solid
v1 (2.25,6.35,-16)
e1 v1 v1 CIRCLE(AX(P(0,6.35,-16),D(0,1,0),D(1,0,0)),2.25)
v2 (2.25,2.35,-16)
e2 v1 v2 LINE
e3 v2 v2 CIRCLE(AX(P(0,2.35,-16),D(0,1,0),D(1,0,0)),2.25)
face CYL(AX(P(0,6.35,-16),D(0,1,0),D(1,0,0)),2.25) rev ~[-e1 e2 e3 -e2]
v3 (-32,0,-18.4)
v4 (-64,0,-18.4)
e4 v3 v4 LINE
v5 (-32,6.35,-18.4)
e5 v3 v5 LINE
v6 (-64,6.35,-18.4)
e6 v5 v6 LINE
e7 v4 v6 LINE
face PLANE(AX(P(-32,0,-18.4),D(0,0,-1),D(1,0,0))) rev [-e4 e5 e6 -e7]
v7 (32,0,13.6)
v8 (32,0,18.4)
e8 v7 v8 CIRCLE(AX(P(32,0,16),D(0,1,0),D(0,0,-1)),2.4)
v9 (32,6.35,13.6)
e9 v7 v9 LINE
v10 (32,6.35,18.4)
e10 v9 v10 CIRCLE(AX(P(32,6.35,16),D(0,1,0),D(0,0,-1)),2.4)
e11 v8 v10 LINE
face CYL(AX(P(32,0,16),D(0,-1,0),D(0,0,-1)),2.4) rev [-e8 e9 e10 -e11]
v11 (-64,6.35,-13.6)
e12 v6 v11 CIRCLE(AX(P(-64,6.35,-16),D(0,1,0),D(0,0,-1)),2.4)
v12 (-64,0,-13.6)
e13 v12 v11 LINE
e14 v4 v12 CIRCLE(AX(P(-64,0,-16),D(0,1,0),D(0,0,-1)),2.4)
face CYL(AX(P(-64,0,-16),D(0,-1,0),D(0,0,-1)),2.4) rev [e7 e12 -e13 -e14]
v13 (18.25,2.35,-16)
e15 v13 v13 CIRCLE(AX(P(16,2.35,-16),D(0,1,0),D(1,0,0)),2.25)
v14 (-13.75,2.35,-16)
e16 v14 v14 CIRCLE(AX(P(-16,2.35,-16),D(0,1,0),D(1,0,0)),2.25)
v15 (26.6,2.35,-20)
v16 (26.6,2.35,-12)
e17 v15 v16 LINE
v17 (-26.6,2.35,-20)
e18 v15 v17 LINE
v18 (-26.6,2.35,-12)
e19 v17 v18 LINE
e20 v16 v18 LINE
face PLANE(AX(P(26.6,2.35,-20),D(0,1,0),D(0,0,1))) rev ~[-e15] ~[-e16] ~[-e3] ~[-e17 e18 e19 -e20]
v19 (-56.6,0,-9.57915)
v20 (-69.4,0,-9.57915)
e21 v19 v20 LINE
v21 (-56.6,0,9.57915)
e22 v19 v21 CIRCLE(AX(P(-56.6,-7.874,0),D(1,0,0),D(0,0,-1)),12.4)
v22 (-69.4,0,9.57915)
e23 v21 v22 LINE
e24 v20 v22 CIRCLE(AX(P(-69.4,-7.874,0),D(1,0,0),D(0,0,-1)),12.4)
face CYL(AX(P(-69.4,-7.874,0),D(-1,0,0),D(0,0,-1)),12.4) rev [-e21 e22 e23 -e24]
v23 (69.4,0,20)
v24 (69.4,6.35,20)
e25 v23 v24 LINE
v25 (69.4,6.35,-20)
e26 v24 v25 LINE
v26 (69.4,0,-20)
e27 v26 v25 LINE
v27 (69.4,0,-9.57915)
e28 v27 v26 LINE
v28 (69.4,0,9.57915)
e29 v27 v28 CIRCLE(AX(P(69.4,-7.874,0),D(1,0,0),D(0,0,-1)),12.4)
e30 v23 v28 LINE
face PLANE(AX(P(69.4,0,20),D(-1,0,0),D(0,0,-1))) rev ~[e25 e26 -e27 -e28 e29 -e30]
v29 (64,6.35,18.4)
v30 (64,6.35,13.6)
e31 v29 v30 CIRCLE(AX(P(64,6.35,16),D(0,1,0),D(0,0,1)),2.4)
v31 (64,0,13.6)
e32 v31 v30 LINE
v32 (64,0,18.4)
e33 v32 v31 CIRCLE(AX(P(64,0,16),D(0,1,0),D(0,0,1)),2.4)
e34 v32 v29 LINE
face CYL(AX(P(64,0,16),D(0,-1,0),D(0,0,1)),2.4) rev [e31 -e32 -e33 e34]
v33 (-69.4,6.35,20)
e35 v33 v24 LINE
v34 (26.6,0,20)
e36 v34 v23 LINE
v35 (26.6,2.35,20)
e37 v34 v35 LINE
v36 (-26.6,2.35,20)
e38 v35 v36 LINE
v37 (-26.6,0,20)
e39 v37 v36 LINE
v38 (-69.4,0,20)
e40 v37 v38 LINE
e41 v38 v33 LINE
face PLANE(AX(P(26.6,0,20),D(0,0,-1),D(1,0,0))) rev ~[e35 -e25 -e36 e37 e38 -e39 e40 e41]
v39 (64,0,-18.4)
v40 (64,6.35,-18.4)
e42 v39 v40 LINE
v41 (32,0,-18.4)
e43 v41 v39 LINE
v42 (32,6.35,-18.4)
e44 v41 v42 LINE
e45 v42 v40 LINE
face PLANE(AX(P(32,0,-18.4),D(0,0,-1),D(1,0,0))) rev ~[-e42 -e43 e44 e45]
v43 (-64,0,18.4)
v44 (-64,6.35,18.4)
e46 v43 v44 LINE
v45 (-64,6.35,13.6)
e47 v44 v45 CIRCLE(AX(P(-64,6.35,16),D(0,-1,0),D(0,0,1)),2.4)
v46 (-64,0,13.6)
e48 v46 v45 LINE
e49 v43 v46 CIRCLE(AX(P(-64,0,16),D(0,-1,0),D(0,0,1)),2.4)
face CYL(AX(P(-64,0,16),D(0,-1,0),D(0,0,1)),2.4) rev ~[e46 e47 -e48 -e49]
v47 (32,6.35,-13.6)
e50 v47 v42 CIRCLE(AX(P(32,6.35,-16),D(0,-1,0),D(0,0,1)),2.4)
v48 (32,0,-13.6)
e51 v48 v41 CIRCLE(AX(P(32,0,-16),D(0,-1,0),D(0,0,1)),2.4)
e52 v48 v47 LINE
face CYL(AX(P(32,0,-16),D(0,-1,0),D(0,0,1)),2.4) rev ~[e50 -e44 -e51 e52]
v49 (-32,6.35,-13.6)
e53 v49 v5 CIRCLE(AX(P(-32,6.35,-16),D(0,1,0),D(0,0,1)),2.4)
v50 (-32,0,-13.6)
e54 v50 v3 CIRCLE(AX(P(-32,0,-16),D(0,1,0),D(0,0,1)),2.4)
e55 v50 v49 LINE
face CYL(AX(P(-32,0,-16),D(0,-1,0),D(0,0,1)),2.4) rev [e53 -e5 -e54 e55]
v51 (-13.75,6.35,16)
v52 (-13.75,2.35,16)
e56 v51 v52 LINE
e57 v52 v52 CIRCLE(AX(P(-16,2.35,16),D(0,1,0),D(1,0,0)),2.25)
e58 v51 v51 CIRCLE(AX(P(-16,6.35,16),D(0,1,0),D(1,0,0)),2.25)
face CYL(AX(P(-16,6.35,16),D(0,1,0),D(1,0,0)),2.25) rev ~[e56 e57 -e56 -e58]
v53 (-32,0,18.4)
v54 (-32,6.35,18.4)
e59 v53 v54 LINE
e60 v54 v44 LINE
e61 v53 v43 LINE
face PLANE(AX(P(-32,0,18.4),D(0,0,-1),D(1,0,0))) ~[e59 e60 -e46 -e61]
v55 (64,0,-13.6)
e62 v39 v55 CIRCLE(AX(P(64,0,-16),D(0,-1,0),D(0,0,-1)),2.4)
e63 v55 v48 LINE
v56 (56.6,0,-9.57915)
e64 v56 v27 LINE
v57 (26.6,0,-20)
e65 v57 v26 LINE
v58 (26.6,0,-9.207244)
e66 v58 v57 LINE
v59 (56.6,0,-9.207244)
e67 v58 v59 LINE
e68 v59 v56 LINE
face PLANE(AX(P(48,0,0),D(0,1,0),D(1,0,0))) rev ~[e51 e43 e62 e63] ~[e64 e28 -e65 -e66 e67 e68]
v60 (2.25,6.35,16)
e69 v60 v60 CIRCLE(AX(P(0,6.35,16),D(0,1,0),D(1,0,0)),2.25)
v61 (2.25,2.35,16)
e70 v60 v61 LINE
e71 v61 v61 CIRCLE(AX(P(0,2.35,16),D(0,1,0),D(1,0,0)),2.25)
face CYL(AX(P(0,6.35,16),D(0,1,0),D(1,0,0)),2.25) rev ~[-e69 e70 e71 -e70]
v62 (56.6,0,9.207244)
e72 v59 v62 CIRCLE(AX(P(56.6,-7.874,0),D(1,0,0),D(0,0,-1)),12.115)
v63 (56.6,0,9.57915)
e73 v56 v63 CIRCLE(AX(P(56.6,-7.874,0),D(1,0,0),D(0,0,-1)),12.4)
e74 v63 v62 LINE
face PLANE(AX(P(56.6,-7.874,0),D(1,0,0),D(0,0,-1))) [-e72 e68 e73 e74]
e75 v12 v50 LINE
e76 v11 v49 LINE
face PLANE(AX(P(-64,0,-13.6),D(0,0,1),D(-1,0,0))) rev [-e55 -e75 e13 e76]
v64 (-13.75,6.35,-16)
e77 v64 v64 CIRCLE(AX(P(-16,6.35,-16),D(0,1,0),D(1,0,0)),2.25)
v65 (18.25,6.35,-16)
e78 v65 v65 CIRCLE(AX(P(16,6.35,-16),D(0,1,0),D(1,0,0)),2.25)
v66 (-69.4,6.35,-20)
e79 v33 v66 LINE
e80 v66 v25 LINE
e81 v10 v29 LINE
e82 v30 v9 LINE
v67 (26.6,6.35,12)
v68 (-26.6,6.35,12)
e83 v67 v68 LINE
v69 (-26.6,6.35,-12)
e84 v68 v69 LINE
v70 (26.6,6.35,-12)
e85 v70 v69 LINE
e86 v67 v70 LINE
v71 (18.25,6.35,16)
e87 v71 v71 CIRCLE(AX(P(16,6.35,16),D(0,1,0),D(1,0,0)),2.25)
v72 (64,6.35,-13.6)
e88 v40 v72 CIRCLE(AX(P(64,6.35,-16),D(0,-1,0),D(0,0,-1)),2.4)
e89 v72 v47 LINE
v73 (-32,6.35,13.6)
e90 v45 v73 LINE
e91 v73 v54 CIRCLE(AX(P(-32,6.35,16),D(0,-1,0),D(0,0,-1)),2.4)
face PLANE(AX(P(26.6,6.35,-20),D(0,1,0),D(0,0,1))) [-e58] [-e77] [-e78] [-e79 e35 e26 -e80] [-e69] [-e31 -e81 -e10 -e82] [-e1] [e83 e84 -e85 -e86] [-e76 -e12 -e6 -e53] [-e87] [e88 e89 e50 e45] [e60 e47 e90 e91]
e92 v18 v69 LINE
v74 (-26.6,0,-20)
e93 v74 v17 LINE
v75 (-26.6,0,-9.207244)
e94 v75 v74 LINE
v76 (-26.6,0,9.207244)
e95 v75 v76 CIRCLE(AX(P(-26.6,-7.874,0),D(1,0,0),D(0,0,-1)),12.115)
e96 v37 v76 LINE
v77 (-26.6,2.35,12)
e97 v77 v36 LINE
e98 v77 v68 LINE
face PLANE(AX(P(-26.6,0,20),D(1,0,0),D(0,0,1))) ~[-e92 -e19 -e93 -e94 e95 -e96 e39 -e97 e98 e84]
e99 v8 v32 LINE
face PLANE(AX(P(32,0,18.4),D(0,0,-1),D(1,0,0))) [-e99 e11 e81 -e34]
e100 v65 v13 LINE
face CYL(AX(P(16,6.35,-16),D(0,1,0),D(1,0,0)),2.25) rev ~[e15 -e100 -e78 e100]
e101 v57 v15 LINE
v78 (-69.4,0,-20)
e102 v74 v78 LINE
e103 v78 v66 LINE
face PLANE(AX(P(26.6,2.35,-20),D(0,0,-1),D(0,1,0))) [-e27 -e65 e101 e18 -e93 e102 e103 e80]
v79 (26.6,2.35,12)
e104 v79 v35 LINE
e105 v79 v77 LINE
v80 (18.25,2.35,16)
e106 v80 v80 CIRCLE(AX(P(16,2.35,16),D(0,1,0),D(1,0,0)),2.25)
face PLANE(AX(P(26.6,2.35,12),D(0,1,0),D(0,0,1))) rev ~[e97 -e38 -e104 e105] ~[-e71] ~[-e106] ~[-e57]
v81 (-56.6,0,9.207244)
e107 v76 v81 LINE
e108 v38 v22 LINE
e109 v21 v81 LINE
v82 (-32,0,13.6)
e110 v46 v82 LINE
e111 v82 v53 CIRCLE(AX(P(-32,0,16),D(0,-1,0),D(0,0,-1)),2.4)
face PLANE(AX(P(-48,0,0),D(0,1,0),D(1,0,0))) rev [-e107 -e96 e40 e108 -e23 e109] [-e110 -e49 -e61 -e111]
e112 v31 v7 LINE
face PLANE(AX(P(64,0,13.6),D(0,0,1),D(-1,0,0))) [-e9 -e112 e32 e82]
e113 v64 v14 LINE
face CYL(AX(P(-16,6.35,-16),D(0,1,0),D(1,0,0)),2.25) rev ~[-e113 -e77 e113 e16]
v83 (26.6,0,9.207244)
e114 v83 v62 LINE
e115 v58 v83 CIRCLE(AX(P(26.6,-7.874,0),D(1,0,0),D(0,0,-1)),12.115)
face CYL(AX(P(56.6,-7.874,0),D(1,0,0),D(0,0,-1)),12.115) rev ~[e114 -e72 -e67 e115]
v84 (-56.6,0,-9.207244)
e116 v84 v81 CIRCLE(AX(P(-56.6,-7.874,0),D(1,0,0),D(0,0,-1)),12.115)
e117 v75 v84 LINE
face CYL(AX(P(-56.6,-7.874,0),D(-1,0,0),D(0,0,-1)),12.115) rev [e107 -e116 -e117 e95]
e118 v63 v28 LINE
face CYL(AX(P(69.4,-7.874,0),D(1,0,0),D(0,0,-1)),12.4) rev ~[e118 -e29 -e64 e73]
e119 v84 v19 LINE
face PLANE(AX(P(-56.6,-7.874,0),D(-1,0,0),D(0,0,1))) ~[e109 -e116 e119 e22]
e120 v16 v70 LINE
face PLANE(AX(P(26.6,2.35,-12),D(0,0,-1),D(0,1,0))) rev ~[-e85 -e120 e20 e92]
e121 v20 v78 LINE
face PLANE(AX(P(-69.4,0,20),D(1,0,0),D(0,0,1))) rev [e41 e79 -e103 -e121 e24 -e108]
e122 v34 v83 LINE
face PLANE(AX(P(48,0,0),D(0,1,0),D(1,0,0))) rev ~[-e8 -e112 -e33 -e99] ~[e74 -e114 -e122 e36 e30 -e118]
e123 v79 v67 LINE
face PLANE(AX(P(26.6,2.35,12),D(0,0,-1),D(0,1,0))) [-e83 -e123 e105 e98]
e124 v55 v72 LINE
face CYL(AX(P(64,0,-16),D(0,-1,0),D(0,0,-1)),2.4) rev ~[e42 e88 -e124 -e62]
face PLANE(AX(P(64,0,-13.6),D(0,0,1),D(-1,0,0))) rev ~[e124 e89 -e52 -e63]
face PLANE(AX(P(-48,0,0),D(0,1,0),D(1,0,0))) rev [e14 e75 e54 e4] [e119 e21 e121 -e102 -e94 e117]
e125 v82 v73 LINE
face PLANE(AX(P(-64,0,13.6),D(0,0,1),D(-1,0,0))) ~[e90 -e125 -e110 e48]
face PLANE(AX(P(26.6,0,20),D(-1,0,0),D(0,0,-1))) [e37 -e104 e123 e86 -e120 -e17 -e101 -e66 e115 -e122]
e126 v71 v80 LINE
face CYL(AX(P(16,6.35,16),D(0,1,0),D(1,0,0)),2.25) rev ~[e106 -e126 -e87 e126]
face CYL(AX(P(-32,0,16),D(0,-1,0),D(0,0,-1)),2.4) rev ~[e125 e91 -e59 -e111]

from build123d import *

# Parameters (mm, degrees)
SKETCH3_W            = 42.8
SKETCH3_H            = 40
BOSS_EXTRUDE1_DEPTH  = 6.35
SKETCH4_R            = 12.4
CUT_EXTRUDE1_DEPTH   = 12.8
SKETCH5_R            = 12.115
CUT_EXTRUDE2_DEPTH   = 31
SKETCH6_W            = 8
SKETCH6_H            = 4
BOSS_EXTRUDE2_DEPTH  = 53.2
SKETCH7_R            = 2.25
CUT_EXTRUDE3_DEPTH   = 4
LPATTERN1_COUNT      = 3
LPATTERN1_PITCH      = 16
LPATTERN1_COUNT_DIR2 = 2
LPATTERN1_PITCH_DIR2 = 32


with BuildPart() as part:
    # Sketch3 → Boss-Extrude1 (new body)
    with BuildSketch(Plane(origin=(0, 0, 0), x_dir=(1, 0, 0), z_dir=(0, 1, 0))):
        with Locations((48, 0)):
            Rectangle(SKETCH3_W, SKETCH3_H)
        with BuildLine():
            Line((32, 18.4), (64, 18.4))
            ThreePointArc((64, 18.4), (66.4, 16), (64, 13.6))
            Line((64, 13.6), (32, 13.6))
            ThreePointArc((32, 13.6), (29.6, 16), (32, 18.4))
        make_face(mode=Mode.SUBTRACT)
        with BuildLine():
            Line((32, -18.4), (64, -18.4))
            ThreePointArc((64, -18.4), (66.4, -16), (64, -13.6))
            Line((64, -13.6), (32, -13.6))
            ThreePointArc((32, -13.6), (29.6, -16), (32, -18.4))
        make_face(mode=Mode.SUBTRACT)
    extrude(amount=BOSS_EXTRUDE1_DEPTH)

    # Sketch4 → Cut-Extrude1 (cut)
    with BuildSketch(Plane(origin=(69.4, 0, 0), x_dir=(0, 0, -1), z_dir=(1, 0, 0))):
        with Locations((0, -7.874)):
            Circle(SKETCH4_R)
    extrude(amount=-CUT_EXTRUDE1_DEPTH, mode=Mode.SUBTRACT)

    # Sketch5 → Cut-Extrude2 (cut, through all)
    with BuildSketch(Plane(origin=(56.6, 0, 0), x_dir=(0, 0, -1), z_dir=(1, 0, 0))):
        with Locations((0, -7.874)):
            Circle(SKETCH5_R)
    extrude(amount=-CUT_EXTRUDE2_DEPTH, mode=Mode.SUBTRACT)


with BuildPart() as body_2:
    # Mirror2: mirrored copy
    add(part.part.mirror(Plane(origin=(0, 0, 0), x_dir=(0, 0, 1), z_dir=(1, 0, 0))))


with BuildPart() as part_1:
    add(part.part)

    add(body_2.part)  # Boss-Extrude2 merges body 2
    # Sketch6 → Boss-Extrude2 (add)
    with BuildSketch(Plane.ZY.offset(-26.6)):
        with Locations((-16, 4.35)):
            Rectangle(SKETCH6_W, SKETCH6_H)
        with Locations((16, 4.35)):
            Rectangle(SKETCH6_W, SKETCH6_H)
    extrude(amount=BOSS_EXTRUDE2_DEPTH)

    # Sketch7 → Cut-Extrude3 (cut)
    with BuildSketch(Plane(origin=(0, 6.35, 0), x_dir=(1, 0, 0), z_dir=(0, 1, 0))):
        with Locations((-16, 16)):
            Circle(SKETCH7_R)
    cut_extrude3 = extrude(amount=-CUT_EXTRUDE3_DEPTH, mode=Mode.SUBTRACT)

    # LPattern1: Cut-Extrude3 3 × 2
    with Locations(*[(i * LPATTERN1_PITCH, 0, j * LPATTERN1_PITCH_DIR2) for i in range(LPATTERN1_COUNT) for j in range(LPATTERN1_COUNT_DIR2) if (i, j) != (0, 0)]):
        add(cut_extrude3, mode=Mode.SUBTRACT)


solid = part_1.part
